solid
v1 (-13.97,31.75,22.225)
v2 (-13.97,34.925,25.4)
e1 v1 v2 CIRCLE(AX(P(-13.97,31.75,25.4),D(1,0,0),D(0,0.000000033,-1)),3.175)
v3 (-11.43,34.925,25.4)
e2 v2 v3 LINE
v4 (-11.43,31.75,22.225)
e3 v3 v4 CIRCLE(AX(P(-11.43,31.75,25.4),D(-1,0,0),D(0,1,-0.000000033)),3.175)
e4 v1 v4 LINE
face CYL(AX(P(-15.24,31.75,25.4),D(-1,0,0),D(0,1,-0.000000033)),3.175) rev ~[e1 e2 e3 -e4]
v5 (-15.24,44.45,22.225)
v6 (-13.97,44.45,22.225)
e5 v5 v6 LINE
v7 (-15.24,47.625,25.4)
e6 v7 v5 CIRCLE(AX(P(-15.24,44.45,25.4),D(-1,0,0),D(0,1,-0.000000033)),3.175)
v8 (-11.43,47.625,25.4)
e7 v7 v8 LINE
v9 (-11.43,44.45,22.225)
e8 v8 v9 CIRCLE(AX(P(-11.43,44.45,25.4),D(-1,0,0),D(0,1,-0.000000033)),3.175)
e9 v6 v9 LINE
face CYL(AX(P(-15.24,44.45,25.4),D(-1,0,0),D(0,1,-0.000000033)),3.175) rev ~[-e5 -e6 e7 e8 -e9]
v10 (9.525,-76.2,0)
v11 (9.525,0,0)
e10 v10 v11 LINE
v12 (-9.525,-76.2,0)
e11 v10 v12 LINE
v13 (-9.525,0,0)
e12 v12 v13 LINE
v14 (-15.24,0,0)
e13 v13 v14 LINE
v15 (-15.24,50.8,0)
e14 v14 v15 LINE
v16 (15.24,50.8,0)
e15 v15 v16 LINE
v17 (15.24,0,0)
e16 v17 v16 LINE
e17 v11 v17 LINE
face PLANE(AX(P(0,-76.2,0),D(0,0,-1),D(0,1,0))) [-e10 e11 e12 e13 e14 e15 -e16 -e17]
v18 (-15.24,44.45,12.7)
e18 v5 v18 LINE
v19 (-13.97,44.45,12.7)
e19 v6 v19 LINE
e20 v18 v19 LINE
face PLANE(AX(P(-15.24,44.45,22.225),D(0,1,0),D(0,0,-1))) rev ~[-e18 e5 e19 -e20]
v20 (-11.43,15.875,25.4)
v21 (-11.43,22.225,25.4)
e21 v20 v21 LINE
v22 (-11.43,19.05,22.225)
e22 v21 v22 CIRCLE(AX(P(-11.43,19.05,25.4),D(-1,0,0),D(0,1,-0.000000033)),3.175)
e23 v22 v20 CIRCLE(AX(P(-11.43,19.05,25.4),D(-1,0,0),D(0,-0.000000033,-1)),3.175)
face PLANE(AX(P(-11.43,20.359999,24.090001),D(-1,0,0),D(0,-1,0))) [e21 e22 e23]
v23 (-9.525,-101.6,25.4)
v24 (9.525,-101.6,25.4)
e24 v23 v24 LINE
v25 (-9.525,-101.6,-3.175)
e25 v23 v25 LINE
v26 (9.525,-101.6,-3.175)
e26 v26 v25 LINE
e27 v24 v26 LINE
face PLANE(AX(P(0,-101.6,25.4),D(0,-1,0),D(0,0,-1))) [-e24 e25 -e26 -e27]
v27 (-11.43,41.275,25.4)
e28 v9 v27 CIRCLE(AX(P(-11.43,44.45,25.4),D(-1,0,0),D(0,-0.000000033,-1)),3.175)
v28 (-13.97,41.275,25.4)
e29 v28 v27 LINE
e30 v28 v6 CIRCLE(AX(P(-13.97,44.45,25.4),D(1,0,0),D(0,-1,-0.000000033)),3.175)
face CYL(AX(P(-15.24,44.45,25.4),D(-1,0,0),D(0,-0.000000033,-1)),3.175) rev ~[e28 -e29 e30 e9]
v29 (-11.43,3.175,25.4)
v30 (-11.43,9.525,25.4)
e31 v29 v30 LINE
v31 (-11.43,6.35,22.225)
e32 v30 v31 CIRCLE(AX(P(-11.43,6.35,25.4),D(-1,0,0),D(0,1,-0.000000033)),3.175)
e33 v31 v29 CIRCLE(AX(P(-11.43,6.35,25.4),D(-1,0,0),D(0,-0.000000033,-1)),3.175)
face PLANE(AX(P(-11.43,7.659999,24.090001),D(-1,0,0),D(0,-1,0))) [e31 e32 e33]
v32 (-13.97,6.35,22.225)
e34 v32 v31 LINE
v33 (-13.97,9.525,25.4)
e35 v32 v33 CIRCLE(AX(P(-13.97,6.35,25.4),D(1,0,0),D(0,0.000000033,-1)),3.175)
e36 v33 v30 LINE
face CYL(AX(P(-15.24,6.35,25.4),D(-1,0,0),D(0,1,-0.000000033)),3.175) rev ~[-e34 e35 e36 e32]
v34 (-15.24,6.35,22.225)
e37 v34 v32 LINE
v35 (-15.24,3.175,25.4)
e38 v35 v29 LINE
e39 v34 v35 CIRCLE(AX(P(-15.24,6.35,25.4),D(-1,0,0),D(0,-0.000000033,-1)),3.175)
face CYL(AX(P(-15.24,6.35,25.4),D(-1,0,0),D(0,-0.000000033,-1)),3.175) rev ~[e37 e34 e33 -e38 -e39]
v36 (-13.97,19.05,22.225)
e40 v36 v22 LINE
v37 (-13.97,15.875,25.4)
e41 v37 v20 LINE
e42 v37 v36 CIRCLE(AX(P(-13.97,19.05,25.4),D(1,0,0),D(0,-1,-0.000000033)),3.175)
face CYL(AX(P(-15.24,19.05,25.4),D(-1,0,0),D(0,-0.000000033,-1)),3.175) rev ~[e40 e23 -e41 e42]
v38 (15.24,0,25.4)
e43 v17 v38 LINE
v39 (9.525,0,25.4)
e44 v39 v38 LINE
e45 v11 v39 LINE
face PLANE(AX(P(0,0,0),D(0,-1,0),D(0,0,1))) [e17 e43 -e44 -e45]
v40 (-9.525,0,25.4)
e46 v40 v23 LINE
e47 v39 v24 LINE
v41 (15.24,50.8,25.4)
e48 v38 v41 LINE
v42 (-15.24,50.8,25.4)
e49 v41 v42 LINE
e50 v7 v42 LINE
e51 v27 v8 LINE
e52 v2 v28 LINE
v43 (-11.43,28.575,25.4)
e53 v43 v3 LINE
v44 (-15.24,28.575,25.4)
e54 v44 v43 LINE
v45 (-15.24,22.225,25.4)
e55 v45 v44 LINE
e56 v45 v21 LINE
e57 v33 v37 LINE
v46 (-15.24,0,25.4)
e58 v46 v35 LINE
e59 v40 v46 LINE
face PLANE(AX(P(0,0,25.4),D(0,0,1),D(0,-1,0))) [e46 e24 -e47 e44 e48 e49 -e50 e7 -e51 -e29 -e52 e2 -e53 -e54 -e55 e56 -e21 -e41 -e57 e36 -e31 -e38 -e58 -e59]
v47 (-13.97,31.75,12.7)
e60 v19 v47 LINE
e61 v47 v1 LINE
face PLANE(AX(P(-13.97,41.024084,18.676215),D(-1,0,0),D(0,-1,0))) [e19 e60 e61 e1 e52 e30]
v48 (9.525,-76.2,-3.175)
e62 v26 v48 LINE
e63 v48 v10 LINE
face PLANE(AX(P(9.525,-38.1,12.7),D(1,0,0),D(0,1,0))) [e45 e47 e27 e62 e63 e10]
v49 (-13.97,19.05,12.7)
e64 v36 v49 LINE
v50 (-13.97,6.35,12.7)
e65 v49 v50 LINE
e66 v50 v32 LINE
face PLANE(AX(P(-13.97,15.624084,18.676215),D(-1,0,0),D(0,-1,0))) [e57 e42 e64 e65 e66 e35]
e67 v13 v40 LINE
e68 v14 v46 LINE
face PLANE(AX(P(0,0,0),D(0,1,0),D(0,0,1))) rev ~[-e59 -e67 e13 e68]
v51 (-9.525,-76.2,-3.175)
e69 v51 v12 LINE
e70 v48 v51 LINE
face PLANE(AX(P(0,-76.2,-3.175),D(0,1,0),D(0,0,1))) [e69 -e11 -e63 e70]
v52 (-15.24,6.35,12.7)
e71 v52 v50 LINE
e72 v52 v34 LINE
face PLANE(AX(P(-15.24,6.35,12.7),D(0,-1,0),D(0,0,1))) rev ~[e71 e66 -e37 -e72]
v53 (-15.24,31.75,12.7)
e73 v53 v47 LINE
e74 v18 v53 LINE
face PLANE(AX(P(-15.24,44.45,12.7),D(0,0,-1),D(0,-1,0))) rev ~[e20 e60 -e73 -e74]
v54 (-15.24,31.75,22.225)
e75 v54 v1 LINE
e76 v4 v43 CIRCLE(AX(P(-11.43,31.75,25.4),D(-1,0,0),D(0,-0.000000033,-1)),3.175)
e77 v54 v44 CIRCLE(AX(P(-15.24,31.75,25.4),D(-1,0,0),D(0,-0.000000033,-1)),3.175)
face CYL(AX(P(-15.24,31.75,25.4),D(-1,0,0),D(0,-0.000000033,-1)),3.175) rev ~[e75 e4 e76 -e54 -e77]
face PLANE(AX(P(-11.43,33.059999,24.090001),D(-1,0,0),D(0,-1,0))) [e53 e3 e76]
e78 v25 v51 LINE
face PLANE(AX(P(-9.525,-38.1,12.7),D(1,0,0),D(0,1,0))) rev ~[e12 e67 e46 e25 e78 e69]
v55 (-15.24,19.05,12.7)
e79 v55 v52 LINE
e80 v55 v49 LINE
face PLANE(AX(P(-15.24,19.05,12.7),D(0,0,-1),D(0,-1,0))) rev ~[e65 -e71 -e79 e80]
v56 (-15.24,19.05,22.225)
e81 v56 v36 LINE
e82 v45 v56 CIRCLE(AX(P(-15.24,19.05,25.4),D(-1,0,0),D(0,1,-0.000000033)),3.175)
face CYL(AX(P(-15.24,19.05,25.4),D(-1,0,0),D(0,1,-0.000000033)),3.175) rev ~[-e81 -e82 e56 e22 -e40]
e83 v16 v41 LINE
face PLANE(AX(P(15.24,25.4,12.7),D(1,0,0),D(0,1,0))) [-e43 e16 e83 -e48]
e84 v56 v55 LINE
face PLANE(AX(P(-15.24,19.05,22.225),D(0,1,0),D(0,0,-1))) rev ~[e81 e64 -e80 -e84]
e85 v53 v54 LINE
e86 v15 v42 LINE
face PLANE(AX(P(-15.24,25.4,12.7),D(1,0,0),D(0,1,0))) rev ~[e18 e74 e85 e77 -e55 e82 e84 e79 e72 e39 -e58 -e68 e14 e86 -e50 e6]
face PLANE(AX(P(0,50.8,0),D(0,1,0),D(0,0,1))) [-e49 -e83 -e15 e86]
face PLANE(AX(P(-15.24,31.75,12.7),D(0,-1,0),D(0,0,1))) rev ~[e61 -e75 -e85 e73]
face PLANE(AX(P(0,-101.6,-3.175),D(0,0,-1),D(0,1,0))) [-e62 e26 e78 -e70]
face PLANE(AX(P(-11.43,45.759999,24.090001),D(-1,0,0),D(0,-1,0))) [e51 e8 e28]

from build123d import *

# Parameters (mm, degrees)
F0_W     = 76.2
F0_H     = 25.4
F1_DEPTH = 9.525
F0_W_2   = 50.8
F2_DEPTH = 15.24
F3_DEPTH = 15.24
F4_DEPTH = 9.525
F6_DEPTH = 1.27
F7_DEPTH = 3.81


with BuildPart() as f1:
    # F0 (on Right) → F1 (new body)
    with BuildSketch(Plane.YZ):
        with Locations((-38.1, 12.7)):
            Rectangle(F0_W, F0_H)
        Polygon((-76.2, -3.175), (-76.2, 0), (-76.2, 25.4), (-101.6, 25.4), (-101.6, -3.175), align=None)
    extrude(amount=F1_DEPTH)

    # F0 (on Right) → F2 (join)
    with BuildSketch(Plane.YZ):
        with Locations((25.4, 12.7)):
            Rectangle(F0_W_2, F0_H)
    extrude(amount=F2_DEPTH)

    # F0 (on Right) → F3 (join)
    with BuildSketch(Plane.YZ):
        with Locations((25.4, 12.7)):
            Rectangle(F0_W_2, F0_H)
    extrude(amount=-F3_DEPTH)

    # F0 (on Right) → F4 (join)
    with BuildSketch(Plane.YZ):
        with Locations((-38.1, 12.7)):
            Rectangle(F0_W, F0_H)
        Polygon((-76.2, -3.175), (-76.2, 0), (-76.2, 25.4), (-101.6, 25.4), (-101.6, -3.175), align=None)
    extrude(amount=-F4_DEPTH)

    # F5 (on face) → F6 (cut)
    with BuildSketch(Plane(origin=(-15.24, 0, 0), x_dir=(0, -1, 0), z_dir=(-1, 0, 0))):
        with BuildLine():
            ThreePointArc((-41.275, 25.4), (-42.204936, 23.154936), (-44.45, 22.225))
            Line((-44.45, 22.225), (-44.45, 12.7))
            Line((-44.45, 12.7), (-42.4688, 12.7))
            Line((-42.4688, 12.7), (-38.8366, 12.7))
            Line((-38.8366, 12.7), (-38.1, 12.7))
            Line((-38.1, 12.7), (-38.1, 25.4))
            Line((-38.1, 25.4), (-41.275, 25.4))
        make_face()
        with BuildLine():
            Line((-38.1, 12.7), (-35.2044, 12.7))
            Line((-35.2044, 12.7), (-31.75, 12.7))
            Line((-31.75, 12.7), (-31.75, 22.225))
            ThreePointArc((-31.75, 22.225), (-33.995064, 23.154936), (-34.925, 25.4))
            Line((-34.925, 25.4), (-38.1, 25.4))
            Line((-38.1, 25.4), (-38.1, 12.7))
        make_face()
        with BuildLine():
            Line((-19.05, 12.7), (-12.7, 12.7))
            Line((-12.7, 12.7), (-12.7, 25.4))
            Line((-12.7, 25.4), (-15.875, 25.4))
            ThreePointArc((-15.875, 25.4), (-16.804936, 23.154936), (-19.05, 22.225))
            Line((-19.05, 22.225), (-19.05, 12.7))
        make_face()
        with BuildLine():
            Line((-6.35, 12.7), (-6.35, 22.225))
            ThreePointArc((-6.35, 22.225), (-8.595064, 23.154936), (-9.525, 25.4))
            Line((-9.525, 25.4), (-12.7, 25.4))
            Line((-12.7, 25.4), (-12.7, 12.7))
            Line((-12.7, 12.7), (-6.35, 12.7))
        make_face()
    extrude(amount=-F6_DEPTH, mode=Mode.SUBTRACT)

    # F5 (on face) → F7 (cut)
    with BuildSketch(Plane(origin=(-15.24, 0, 0), x_dir=(0, -1, 0), z_dir=(-1, 0, 0))):
        with BuildLine():
            Line((-44.45, 25.4), (-47.625, 25.4))
            ThreePointArc((-47.625, 25.4), (-46.695064, 23.154936), (-44.45, 22.225))
            Line((-44.45, 22.225), (-44.45, 25.4))
        make_face()
        with BuildLine():
            Line((-41.275, 25.4), (-44.45, 25.4))
            Line((-44.45, 25.4), (-44.45, 22.225))
            ThreePointArc((-44.45, 22.225), (-42.204936, 23.154936), (-41.275, 25.4))
        make_face()
        with BuildLine():
            ThreePointArc((-34.925, 25.4), (-33.995064, 23.154936), (-31.75, 22.225))
            Line((-31.75, 22.225), (-31.75, 25.4))
            Line((-31.75, 25.4), (-34.925, 25.4))
        make_face()
        with BuildLine():
            ThreePointArc((-31.75, 22.225), (-29.504936, 23.154936), (-28.575, 25.4))
            Line((-28.575, 25.4), (-31.75, 25.4))
            Line((-31.75, 25.4), (-31.75, 22.225))
        make_face()
        with BuildLine():
            ThreePointArc((-22.225, 25.4), (-21.295064, 23.154936), (-19.05, 22.225))
            Line((-19.05, 22.225), (-19.05, 25.4))
            Line((-19.05, 25.4), (-22.225, 25.4))
        make_face()
        with BuildLine():
            ThreePointArc((-19.05, 22.225), (-16.804936, 23.154936), (-15.875, 25.4))
            Line((-15.875, 25.4), (-19.05, 25.4))
            Line((-19.05, 25.4), (-19.05, 22.225))
        make_face()
        with BuildLine():
            Line((-6.35, 22.225), (-6.35, 25.4))
            Line((-6.35, 25.4), (-9.525, 25.4))
            ThreePointArc((-9.525, 25.4), (-8.595064, 23.154936), (-6.35, 22.225))
        make_face()
        with BuildLine():
            ThreePointArc((-6.35, 22.225), (-4.104936, 23.154936), (-3.175, 25.4))
            Line((-3.175, 25.4), (-6.35, 25.4))
            Line((-6.35, 25.4), (-6.35, 22.225))
        make_face()
    extrude(amount=-F7_DEPTH, mode=Mode.SUBTRACT)


solid = f1.part
